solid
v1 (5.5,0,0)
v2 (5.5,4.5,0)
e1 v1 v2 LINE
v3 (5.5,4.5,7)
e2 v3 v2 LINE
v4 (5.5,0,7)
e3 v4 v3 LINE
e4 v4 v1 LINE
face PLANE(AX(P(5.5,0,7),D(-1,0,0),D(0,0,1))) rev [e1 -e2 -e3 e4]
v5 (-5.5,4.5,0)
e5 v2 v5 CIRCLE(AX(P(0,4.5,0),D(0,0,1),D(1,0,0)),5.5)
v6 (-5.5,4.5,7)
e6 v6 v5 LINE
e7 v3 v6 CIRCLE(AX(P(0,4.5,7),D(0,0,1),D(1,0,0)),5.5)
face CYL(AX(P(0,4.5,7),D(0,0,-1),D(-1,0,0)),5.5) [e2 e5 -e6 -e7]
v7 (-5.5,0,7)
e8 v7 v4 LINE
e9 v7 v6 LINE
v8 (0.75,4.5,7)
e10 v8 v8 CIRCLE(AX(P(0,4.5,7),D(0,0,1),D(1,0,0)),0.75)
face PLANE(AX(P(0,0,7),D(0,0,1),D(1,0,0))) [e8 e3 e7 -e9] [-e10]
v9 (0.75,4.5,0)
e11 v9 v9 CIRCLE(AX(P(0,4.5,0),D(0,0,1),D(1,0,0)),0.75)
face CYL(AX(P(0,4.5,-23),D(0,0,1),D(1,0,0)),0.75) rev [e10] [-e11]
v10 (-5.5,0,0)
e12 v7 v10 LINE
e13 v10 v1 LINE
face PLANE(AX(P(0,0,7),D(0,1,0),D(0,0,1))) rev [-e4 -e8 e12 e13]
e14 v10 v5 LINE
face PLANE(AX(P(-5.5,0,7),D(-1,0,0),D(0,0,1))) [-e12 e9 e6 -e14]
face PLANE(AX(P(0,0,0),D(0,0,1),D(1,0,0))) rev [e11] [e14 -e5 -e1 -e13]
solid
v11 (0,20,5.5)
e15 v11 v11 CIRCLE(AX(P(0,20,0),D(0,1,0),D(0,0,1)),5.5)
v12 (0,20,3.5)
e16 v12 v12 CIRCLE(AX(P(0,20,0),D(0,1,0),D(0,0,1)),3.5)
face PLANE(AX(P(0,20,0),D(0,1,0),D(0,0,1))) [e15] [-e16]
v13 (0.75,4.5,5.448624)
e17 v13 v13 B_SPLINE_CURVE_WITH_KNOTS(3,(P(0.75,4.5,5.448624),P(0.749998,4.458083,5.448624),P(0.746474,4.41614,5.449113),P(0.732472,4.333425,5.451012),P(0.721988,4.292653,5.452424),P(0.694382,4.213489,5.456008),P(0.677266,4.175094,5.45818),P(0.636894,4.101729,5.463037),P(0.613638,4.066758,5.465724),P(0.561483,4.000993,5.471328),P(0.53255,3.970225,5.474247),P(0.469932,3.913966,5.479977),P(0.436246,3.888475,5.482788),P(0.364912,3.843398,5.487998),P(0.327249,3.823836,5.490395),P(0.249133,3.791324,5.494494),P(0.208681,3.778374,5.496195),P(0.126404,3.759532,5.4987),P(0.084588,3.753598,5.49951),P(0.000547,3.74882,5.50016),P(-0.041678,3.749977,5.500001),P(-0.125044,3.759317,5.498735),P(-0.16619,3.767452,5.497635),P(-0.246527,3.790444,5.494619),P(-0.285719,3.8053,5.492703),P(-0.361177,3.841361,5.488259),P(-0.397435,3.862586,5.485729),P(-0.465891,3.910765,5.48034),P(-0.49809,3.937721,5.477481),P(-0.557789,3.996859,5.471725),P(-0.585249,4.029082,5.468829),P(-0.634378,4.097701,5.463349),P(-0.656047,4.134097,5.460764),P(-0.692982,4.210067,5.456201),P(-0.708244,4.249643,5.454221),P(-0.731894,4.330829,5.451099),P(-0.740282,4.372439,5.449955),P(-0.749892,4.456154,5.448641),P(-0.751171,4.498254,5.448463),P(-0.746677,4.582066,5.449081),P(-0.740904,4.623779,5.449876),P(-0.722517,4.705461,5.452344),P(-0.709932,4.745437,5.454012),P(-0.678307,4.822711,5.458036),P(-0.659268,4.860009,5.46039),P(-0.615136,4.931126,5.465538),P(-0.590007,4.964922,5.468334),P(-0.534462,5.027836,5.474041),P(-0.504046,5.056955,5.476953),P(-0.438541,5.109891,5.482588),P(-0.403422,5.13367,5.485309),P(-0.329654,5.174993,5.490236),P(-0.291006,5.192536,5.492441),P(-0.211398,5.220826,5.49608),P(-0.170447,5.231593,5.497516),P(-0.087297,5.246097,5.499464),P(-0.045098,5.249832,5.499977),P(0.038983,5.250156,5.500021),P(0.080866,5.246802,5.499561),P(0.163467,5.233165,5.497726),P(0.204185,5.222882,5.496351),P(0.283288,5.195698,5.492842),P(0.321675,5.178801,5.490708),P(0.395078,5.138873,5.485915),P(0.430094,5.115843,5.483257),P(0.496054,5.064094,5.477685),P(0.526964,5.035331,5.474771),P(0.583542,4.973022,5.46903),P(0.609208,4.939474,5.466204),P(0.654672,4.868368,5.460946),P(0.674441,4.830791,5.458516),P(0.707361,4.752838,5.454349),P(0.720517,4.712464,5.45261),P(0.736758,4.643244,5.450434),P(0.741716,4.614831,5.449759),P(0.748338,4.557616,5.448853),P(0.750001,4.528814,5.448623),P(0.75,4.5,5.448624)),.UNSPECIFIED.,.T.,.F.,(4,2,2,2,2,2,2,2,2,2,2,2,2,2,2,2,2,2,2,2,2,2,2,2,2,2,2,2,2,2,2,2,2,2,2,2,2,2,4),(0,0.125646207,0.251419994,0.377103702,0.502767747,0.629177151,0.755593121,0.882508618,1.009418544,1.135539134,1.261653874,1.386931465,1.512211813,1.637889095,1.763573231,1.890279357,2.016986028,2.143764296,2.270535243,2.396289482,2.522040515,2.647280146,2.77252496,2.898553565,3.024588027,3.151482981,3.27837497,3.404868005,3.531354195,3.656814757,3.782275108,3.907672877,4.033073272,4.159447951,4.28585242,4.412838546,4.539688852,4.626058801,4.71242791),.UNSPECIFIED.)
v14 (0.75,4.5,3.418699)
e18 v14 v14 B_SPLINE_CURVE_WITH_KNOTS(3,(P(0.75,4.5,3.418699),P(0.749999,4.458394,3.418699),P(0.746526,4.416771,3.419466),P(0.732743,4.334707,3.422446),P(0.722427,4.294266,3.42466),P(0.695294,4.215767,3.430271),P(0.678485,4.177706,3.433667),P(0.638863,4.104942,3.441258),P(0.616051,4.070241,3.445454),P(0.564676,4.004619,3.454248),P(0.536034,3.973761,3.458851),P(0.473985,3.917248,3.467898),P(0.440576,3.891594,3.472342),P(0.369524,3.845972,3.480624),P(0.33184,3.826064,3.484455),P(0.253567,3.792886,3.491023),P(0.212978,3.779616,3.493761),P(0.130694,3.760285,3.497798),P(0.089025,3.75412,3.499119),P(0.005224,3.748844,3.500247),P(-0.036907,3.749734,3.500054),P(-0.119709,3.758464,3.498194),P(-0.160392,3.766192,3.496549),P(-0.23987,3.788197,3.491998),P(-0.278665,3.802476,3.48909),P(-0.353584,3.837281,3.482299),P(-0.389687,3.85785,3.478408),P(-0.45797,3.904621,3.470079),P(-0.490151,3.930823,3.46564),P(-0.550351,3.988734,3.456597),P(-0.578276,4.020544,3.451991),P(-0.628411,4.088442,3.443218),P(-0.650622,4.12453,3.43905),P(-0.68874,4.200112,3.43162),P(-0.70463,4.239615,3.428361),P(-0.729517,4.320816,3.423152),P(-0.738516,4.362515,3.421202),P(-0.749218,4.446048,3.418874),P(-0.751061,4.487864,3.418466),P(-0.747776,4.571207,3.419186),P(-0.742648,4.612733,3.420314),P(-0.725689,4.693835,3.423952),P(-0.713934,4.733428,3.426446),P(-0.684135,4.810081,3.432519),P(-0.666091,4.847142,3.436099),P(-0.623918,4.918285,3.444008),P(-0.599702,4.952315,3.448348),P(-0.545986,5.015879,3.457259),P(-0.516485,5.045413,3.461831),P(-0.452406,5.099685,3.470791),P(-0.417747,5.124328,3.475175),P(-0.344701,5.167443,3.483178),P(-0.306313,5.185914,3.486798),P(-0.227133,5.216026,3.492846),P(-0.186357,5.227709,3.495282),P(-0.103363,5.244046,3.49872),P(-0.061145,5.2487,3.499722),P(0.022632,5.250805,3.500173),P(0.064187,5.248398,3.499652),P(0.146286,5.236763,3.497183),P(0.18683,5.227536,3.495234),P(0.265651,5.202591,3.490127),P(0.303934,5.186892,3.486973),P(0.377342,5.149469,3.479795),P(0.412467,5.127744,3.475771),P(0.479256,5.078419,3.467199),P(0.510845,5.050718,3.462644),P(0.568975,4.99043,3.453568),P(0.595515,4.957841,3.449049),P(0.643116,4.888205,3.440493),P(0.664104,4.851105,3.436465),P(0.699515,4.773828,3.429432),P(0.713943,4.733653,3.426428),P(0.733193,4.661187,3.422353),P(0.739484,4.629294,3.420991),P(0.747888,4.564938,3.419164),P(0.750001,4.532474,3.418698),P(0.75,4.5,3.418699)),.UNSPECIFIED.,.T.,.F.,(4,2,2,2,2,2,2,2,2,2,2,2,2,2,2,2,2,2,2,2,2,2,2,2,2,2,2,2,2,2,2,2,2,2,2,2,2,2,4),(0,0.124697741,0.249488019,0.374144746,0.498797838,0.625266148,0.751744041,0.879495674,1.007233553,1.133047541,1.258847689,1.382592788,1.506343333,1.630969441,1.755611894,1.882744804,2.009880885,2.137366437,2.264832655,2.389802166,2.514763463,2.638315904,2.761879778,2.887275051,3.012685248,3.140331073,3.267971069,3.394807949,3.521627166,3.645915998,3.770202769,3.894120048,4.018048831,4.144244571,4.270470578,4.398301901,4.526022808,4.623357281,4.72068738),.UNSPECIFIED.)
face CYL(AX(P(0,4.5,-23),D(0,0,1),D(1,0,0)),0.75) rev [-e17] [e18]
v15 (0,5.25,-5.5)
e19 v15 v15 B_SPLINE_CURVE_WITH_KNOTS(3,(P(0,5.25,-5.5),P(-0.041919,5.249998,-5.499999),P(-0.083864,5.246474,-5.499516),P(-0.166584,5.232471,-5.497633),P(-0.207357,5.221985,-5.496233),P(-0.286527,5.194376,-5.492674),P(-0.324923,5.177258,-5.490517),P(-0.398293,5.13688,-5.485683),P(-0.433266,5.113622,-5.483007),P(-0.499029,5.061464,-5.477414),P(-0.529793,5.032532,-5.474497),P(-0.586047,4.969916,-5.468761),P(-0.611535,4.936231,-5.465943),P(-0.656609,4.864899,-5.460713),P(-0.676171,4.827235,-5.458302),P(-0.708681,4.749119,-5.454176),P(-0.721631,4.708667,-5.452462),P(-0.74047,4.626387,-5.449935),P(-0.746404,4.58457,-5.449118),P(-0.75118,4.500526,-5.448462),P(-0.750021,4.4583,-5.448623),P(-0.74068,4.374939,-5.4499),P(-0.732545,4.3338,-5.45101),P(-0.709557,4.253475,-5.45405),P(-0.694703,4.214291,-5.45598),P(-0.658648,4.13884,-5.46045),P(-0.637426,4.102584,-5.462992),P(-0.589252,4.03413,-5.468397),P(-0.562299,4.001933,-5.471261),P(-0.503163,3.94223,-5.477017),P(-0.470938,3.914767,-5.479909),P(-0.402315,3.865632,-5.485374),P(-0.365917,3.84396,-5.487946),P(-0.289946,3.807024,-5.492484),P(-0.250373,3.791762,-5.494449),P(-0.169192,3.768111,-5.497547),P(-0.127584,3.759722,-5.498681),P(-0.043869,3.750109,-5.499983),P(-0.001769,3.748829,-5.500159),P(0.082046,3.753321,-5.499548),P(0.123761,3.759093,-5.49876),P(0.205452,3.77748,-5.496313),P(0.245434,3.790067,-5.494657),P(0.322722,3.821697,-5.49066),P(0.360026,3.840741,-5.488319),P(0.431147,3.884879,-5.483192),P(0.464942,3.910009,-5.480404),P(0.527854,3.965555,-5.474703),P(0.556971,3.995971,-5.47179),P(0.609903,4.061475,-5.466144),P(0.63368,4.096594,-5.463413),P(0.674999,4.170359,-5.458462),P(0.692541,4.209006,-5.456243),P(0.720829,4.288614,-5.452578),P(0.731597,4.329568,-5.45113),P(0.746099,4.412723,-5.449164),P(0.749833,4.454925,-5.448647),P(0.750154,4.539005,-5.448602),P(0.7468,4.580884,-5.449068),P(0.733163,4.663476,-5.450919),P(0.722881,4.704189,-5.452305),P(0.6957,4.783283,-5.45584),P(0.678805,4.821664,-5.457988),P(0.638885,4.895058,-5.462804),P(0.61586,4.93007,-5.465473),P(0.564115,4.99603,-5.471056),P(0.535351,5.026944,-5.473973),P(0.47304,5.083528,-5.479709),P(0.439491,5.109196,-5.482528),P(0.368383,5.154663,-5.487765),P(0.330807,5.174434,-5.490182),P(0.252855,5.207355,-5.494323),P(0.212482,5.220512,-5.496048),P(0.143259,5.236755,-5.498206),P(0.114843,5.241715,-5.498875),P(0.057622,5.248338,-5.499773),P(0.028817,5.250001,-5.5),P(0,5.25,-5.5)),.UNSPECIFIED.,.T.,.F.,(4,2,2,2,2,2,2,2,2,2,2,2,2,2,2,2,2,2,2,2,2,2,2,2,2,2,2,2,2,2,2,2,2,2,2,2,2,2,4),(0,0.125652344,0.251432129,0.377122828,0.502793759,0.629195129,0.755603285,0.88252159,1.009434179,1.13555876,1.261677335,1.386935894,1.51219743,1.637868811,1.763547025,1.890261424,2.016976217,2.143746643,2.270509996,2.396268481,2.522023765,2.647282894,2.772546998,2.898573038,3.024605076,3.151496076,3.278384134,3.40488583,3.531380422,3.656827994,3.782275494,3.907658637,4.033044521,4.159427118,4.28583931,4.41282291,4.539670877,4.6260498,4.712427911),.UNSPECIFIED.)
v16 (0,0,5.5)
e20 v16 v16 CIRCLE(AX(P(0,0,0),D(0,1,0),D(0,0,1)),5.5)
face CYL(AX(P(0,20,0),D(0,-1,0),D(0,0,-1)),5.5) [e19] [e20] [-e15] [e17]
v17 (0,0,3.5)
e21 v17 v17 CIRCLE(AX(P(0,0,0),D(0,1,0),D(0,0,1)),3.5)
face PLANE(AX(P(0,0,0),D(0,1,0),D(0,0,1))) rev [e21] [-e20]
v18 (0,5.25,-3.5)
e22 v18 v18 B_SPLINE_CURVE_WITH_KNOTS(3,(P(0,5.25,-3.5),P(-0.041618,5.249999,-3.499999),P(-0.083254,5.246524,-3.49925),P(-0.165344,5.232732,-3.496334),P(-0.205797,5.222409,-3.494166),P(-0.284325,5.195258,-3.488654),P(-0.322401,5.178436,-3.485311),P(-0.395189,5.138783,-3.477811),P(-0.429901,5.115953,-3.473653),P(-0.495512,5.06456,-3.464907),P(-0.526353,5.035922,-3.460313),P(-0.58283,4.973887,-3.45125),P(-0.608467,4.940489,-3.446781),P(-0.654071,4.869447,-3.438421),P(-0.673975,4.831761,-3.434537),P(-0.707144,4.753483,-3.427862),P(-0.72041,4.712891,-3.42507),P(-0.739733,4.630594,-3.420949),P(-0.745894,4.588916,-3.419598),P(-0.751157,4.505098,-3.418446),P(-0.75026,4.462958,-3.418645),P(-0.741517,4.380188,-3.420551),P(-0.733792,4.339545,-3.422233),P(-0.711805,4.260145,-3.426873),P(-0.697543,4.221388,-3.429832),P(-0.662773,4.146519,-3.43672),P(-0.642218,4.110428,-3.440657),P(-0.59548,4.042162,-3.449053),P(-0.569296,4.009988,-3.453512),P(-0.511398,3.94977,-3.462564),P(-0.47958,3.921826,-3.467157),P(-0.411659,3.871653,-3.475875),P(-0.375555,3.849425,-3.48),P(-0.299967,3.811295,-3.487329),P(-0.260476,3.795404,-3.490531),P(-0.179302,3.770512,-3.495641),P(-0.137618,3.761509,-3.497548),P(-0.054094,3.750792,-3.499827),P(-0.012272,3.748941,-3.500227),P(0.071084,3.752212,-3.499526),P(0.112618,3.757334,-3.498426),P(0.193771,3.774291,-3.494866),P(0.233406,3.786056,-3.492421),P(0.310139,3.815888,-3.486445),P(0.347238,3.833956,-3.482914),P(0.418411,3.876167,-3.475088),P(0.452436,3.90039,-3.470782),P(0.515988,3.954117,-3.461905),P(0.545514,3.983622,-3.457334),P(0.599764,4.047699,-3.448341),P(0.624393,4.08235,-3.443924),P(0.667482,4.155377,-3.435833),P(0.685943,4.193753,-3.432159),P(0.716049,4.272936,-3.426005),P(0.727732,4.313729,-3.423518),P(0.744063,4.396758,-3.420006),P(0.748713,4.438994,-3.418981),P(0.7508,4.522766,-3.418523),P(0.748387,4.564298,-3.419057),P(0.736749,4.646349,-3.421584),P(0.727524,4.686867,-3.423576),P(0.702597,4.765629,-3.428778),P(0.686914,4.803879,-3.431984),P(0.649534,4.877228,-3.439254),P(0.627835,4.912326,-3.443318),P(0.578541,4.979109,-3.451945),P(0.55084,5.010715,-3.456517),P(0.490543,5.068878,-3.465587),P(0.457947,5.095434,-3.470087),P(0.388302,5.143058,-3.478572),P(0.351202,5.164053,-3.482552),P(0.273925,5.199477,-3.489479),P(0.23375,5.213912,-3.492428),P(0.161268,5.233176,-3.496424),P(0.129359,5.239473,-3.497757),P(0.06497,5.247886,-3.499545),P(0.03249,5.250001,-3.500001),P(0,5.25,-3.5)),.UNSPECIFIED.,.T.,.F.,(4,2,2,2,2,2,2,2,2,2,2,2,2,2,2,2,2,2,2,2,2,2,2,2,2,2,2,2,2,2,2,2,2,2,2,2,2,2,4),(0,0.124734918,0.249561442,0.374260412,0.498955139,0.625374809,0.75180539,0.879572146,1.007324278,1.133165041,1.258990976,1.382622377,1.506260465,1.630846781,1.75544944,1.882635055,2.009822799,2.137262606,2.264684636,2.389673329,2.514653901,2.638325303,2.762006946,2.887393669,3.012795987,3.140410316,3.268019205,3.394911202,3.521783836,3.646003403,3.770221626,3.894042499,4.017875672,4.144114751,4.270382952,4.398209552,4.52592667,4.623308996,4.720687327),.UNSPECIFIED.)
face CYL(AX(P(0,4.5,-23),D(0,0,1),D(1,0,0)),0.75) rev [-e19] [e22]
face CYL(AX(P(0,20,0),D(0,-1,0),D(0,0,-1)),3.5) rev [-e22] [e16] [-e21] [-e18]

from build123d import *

# Parameters (mm, degrees)
SKETCH1_R           = 5.5
SKETCH1_R_2         = 3.5
BOSS_EXTRUDE1_DEPTH = 20
BOSS_EXTRUDE2_DEPTH = 7
SKETCH3_R           = 0.75
CUT_EXTRUDE1_DEPTH  = 30


with BuildPart() as part:
    # Sketch1 → Boss-Extrude1 (new body)
    with BuildSketch(Plane(origin=(0, 0, 0), x_dir=(1, 0, 0), z_dir=(0, 1, 0))):
        with Locations(Location((0, 0, 0), (0, 0, 270))):
            Circle(SKETCH1_R)
        with Locations(Location((0, 0, 0), (0, 0, 270))):
            Circle(SKETCH1_R_2, mode=Mode.SUBTRACT)
    extrude(amount=BOSS_EXTRUDE1_DEPTH)


with BuildPart() as body_2:
    # Sketch2 → Boss-Extrude2 (new body)
    with BuildSketch(Plane.XY):
        with BuildLine():
            ThreePointArc((0, 10), (-3.8890873, 8.389087293), (-5.5, 4.49999999))
            ThreePointArc((-5.5, 4.49999999), (-4.880703181, 1.964504692), (-3.16227766, 0))
            Line((-3.16227766, 0), (3.16227766, 0))
            ThreePointArc((3.16227766, 0), (4.880703184, 1.964504696), (5.5, 4.5))
            ThreePointArc((5.5, 4.5), (3.889087297, 8.389087297), (0, 10))
        make_face()
        with BuildLine():
            Line((-5.5, 4.49999999), (-5.5, 0))
            Line((-5.5, 0), (-3.16227766, 0))
            ThreePointArc((-3.16227766, 0), (-4.880703181, 1.964504692), (-5.5, 4.49999999))
        make_face()
        with BuildLine():
            Line((3.16227766, 0), (5.5, 0))
            Line((5.5, 0), (5.5, 4.5))
            ThreePointArc((5.5, 4.5), (4.880703184, 1.964504696), (3.16227766, 0))
        make_face()
    extrude(amount=BOSS_EXTRUDE2_DEPTH)


with BuildPart() as cut_extrude1_tool:
    # Sketch3 → Cut-Extrude1 (new body)
    with BuildSketch(Plane.XY.offset(7)):
        with Locations((0, 4.5)):
            Circle(SKETCH3_R)
    extrude(amount=-CUT_EXTRUDE1_DEPTH)


with BuildPart() as part_1:
    add(part.part)

    # Cut-Extrude1: cut by cut_extrude1_tool
    add(cut_extrude1_tool.part, mode=Mode.SUBTRACT)


with BuildPart() as body_2_1:
    add(body_2.part)

    # Cut-Extrude1: cut by cut_extrude1_tool
    add(cut_extrude1_tool.part, mode=Mode.SUBTRACT)


solid = Compound([part_1.part, body_2_1.part])
